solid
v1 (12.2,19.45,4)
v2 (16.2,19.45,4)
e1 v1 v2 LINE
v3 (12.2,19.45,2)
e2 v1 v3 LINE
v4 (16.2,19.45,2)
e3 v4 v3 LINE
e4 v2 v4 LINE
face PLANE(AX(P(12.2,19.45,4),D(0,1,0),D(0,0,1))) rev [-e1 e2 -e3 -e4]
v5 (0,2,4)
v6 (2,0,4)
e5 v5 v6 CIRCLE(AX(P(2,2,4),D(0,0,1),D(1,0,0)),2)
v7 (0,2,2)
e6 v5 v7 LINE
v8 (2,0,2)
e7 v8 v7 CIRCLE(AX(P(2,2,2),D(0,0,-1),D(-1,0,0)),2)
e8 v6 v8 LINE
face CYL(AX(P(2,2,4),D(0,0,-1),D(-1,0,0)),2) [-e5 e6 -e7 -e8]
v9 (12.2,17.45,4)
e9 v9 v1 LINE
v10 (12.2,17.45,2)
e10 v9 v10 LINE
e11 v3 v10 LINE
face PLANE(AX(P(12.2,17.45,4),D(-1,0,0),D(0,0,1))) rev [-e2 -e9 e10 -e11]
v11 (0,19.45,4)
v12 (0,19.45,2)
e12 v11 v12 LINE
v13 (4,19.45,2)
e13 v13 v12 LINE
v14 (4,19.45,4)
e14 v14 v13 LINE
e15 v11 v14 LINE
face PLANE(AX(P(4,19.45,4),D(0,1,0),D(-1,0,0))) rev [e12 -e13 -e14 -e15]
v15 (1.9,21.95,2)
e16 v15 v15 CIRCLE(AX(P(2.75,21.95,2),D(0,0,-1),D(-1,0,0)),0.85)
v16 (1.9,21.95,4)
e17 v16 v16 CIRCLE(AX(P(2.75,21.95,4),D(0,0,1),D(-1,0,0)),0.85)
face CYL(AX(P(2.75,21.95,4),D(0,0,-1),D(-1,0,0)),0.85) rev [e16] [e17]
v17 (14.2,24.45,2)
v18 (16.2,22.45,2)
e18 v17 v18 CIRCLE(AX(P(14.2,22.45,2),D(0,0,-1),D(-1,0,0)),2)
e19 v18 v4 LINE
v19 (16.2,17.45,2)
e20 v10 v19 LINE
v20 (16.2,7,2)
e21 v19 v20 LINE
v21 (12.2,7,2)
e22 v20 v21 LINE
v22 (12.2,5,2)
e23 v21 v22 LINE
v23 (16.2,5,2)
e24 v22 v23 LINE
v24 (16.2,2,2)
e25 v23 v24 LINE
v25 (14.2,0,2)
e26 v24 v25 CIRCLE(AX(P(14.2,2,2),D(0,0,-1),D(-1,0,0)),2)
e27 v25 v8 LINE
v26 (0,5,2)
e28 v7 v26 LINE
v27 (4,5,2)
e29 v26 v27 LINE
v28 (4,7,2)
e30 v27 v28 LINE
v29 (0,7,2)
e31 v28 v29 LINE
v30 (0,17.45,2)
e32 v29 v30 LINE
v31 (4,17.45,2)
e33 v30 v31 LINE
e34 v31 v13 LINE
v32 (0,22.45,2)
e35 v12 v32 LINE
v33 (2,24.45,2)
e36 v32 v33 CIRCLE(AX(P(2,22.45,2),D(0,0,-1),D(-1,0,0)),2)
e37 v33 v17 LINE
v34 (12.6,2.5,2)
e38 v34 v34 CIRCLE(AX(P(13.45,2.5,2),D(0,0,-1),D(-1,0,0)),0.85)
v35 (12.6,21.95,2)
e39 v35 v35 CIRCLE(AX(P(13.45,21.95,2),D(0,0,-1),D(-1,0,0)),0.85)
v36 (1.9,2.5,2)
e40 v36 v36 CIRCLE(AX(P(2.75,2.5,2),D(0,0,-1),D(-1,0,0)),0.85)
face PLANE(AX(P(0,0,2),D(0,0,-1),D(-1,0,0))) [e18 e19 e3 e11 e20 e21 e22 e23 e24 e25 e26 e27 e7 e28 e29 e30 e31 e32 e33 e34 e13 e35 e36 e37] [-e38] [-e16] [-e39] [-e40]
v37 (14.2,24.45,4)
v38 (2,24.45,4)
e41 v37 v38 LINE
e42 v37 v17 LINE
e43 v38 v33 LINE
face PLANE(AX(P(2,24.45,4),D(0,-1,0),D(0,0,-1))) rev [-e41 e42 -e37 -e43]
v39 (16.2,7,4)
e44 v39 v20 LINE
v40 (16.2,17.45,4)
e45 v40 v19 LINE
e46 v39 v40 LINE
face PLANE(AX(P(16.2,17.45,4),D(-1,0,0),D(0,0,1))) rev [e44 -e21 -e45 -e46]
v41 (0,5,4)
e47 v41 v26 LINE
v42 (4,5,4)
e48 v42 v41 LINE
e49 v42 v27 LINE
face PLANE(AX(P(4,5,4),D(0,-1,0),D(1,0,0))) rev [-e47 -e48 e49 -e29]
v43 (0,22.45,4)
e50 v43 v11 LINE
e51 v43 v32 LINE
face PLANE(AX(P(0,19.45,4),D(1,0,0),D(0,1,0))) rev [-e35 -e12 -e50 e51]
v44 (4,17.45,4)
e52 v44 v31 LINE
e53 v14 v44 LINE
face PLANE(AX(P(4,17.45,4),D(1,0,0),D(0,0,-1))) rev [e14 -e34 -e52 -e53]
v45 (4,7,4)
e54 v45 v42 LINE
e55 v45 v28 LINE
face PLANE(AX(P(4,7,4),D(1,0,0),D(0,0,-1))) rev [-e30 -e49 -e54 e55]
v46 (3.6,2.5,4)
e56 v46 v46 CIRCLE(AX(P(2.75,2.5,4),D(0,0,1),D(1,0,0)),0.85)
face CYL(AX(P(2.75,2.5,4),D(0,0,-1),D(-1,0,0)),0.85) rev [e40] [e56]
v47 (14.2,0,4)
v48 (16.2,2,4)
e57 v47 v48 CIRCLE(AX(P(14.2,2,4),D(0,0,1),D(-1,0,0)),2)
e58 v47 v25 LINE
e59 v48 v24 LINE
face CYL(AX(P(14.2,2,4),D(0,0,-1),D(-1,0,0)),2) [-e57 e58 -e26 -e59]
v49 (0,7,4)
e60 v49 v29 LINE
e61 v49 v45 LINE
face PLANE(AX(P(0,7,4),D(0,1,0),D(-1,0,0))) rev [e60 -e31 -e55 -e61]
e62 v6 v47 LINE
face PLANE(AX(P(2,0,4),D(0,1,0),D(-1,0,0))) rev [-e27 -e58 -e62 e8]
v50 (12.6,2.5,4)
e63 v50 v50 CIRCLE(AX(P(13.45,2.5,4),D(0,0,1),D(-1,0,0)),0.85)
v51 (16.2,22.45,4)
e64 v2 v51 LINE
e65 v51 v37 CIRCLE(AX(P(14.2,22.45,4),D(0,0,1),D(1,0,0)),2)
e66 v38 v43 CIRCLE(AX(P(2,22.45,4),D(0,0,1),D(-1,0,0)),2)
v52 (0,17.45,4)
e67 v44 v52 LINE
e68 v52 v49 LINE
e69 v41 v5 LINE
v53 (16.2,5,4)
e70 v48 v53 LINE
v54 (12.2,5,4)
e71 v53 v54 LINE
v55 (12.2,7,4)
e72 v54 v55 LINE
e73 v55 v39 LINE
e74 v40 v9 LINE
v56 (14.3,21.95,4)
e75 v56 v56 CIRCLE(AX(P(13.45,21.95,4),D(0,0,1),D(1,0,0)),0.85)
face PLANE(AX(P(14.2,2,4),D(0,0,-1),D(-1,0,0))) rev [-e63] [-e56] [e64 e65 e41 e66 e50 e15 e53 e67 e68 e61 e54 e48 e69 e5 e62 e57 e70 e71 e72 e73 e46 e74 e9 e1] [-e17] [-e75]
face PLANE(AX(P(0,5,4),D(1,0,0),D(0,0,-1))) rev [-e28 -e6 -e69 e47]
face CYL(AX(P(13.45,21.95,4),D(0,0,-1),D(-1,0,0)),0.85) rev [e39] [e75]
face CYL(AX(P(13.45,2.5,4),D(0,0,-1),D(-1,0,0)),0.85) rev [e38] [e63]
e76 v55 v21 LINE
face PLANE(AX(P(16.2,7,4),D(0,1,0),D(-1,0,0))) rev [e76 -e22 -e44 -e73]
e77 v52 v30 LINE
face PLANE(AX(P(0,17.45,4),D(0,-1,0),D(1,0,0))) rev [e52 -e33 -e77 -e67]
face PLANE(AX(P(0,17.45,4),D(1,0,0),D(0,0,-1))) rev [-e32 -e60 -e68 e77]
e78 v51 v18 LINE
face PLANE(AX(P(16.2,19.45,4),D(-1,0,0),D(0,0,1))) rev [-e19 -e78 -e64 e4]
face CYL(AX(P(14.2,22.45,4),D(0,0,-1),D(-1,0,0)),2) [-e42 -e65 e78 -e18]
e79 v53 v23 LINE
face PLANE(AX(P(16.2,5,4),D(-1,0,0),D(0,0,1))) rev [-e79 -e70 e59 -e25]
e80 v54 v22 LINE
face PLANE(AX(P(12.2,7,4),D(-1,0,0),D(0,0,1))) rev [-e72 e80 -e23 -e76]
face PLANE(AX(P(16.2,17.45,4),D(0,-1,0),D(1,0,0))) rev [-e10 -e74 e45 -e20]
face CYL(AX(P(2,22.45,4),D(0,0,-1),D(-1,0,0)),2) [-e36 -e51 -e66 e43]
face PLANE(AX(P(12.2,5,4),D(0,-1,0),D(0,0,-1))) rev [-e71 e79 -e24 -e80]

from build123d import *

# Parameters (mm, degrees)
SKETCH1_R           = 0.85
BOSS_EXTRUDE1_DEPTH = 4
SKETCH2_W           = 16.2
SKETCH2_H           = 24.45
CUT_EXTRUDE1_DEPTH  = 2


with BuildPart() as part:
    # Sketch1 → Boss-Extrude1 (new body)
    with BuildSketch(Plane.XY):
        with BuildLine():
            Line((0, 17.45), (0, 7))
            Line((0, 7), (4, 7))
            Line((4, 7), (4, 5))
            Line((4, 5), (0, 5))
            Line((0, 5), (0, 2))
            ThreePointArc((0, 2), (0.585786438, 0.585786438), (2, 0))
            Line((2, 0), (14.2, 0))
            ThreePointArc((14.2, 0), (15.614213562, 0.585786438), (16.2, 2))
            Line((16.2, 2), (16.2, 5))
            Line((16.2, 5), (12.2, 5))
            Line((12.2, 5), (12.2, 7))
            Line((12.2, 7), (16.2, 7))
            Line((16.2, 7), (16.2, 17.45))
            Line((16.2, 17.45), (12.2, 17.45))
            Line((12.2, 17.45), (12.2, 19.45))
            Line((12.2, 19.45), (16.2, 19.45))
            Line((16.2, 19.45), (16.2, 22.45))
            ThreePointArc((16.2, 22.45), (15.614213562, 23.864213562), (14.2, 24.45))
            Line((14.2, 24.45), (2, 24.45))
            ThreePointArc((2, 24.45), (0.585786438, 23.864213562), (0, 22.45))
            Line((0, 22.45), (0, 19.45))
            Line((0, 19.45), (4, 19.45))
            Line((4, 19.45), (4, 17.45))
            Line((4, 17.45), (0, 17.45))
        make_face()
        with Locations((13.45, 2.5)):
            Circle(SKETCH1_R, mode=Mode.SUBTRACT)
        with Locations((2.75, 21.95)):
            Circle(SKETCH1_R, mode=Mode.SUBTRACT)
        with Locations((2.75, 2.5)):
            Circle(SKETCH1_R, mode=Mode.SUBTRACT)
        with Locations((13.45, 21.95)):
            Circle(SKETCH1_R, mode=Mode.SUBTRACT)
    extrude(amount=BOSS_EXTRUDE1_DEPTH)

    # Sketch2 → Cut-Extrude1 (cut)
    with BuildSketch(Plane(origin=(0, 0, 0), x_dir=(-1, 0, 0), z_dir=(0, 0, -1))):
        with Locations((-8.1, 12.225)):
            Rectangle(SKETCH2_W, SKETCH2_H)
    extrude(amount=-CUT_EXTRUDE1_DEPTH, mode=Mode.SUBTRACT)


solid = part.part
